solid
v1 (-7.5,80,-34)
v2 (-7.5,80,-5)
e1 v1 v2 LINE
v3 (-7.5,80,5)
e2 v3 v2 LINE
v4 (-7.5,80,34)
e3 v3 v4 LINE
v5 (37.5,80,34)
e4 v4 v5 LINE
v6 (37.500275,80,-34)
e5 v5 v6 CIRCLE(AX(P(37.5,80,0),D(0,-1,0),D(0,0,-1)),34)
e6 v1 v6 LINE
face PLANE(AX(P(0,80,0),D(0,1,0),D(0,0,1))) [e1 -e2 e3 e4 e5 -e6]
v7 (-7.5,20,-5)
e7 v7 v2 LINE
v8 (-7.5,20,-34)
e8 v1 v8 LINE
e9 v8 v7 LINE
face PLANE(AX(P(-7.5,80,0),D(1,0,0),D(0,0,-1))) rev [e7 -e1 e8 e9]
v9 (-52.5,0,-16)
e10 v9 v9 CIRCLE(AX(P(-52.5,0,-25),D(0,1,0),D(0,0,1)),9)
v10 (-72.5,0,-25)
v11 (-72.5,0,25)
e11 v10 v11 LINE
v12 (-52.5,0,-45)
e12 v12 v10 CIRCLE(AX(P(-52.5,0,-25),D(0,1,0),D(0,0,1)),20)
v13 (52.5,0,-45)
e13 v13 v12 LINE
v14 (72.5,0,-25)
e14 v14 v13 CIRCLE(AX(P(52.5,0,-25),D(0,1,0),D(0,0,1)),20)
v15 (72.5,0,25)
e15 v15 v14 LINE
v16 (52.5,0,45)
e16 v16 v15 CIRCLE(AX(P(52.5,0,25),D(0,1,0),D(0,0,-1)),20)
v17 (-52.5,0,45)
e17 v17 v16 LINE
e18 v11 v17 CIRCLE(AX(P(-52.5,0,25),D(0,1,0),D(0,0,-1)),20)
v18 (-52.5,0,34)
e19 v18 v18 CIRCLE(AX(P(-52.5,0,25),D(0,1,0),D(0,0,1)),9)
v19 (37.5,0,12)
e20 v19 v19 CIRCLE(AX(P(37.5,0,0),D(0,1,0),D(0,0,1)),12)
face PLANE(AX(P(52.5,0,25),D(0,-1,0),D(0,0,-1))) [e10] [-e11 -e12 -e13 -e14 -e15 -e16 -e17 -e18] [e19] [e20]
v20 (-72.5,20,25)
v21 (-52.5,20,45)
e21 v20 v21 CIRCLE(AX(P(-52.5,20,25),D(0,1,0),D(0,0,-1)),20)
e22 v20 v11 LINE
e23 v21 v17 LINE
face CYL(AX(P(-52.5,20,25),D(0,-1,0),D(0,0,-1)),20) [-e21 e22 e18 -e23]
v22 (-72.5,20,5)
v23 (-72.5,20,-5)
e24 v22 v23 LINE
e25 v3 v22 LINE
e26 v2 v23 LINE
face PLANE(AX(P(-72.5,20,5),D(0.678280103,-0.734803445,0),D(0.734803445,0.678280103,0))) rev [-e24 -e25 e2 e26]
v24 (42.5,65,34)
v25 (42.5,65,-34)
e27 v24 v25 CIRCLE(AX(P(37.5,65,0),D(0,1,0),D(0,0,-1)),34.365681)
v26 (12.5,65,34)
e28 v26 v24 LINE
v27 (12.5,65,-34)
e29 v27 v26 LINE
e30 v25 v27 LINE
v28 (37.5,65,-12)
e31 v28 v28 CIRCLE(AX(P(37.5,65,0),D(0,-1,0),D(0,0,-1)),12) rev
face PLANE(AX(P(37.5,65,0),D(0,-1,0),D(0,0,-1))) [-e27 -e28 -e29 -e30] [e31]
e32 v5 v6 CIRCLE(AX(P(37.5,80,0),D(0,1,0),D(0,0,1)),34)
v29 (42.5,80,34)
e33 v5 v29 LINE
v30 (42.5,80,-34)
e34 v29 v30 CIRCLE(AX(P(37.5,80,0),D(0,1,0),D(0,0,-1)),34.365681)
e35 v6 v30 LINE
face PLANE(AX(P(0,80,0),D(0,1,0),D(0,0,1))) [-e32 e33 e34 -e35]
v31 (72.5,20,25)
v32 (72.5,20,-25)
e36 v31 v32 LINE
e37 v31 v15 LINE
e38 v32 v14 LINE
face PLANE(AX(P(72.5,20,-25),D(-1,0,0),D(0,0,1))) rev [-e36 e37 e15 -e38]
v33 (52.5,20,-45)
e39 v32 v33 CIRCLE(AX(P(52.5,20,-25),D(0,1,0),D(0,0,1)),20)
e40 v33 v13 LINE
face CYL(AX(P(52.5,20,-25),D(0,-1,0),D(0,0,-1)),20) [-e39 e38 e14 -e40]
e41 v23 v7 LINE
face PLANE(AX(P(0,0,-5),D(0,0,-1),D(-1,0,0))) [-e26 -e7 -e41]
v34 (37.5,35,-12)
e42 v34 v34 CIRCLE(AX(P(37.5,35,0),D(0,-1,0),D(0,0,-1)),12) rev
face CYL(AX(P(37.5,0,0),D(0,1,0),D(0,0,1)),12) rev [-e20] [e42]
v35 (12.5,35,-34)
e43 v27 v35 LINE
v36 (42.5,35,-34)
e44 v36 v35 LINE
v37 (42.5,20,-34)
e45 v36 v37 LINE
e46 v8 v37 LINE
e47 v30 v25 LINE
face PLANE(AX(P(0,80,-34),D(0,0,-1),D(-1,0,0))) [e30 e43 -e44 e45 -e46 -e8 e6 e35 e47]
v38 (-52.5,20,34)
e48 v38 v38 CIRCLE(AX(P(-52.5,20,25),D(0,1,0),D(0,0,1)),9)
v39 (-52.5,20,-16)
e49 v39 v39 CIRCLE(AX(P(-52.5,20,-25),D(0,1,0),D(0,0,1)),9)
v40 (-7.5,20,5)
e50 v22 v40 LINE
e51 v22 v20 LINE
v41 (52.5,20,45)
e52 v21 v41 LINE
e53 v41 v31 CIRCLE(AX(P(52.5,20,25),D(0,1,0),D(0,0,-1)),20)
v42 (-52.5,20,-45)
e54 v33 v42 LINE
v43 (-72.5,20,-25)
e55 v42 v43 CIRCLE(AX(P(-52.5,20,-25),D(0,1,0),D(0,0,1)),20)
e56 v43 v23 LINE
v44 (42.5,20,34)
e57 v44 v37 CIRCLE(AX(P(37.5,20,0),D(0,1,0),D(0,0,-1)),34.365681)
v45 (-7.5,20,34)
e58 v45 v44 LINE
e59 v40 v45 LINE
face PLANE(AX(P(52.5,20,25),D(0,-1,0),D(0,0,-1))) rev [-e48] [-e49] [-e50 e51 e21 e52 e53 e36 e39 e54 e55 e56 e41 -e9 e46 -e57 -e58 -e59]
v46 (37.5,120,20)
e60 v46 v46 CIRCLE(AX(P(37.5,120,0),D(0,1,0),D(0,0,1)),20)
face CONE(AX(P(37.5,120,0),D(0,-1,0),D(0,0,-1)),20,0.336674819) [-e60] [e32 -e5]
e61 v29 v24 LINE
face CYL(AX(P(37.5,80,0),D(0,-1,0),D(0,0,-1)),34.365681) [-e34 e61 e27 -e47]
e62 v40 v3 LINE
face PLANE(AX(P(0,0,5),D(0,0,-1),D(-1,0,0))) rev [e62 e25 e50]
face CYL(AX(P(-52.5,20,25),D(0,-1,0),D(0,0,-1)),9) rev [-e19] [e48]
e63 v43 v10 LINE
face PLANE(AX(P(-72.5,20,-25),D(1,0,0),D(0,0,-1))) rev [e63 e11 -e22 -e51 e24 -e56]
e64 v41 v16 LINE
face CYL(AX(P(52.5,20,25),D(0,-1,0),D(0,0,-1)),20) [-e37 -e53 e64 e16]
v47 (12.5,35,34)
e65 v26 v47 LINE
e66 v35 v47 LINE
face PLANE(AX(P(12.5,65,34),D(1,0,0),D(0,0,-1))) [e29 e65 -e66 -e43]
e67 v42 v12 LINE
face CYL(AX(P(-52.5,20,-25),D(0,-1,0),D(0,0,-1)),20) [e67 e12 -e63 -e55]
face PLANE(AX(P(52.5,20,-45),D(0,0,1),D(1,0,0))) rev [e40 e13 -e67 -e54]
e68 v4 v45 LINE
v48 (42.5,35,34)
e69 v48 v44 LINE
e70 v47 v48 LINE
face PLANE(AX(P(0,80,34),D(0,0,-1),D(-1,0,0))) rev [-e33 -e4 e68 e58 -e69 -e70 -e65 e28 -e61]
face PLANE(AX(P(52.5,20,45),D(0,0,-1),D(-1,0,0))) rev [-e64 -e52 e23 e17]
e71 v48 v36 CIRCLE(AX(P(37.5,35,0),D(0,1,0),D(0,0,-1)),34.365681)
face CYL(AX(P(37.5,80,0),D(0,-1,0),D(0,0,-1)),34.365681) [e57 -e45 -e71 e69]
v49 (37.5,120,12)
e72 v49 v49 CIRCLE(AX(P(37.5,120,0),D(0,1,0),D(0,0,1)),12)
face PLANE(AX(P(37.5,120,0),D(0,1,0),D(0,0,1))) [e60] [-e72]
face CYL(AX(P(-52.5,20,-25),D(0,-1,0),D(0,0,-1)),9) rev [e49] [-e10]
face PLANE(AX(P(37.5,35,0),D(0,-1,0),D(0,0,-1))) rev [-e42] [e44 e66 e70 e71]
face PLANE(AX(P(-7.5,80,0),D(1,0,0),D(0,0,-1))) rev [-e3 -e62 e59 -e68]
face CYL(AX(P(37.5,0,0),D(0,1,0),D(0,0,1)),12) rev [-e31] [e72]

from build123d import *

# Parameters (mm, degrees)
SKETCH1_R           = 9
BOSS_EXTRUDE1_DEPTH = 20
BOSS_EXTRUDE5_DEPTH = 60
BOSS_EXTRUDE8_DEPTH = 60
SKETCH23_R          = 34
SKETCH24_R          = 20
SKETCH25_R          = 12
CUT_EXTRUDE12_DEPTH = 148.245543226
CUT_EXTRUDE13_START = 15
CUT_EXTRUDE13_DEPTH = 30
BOSS_EXTRUDE9_DEPTH = 5


with BuildPart() as part:
    # Sketch1 → Boss-Extrude1 (new body)
    with BuildSketch(Plane(origin=(0, 0, 0), x_dir=(1, 0, 0), z_dir=(0, 1, 0))):
        with BuildLine():
            Line((52.5, 45), (-52.5, 45))
            ThreePointArc((-52.5, 45), (-66.642135624, 39.142135624), (-72.5, 25))
            Line((-72.5, 25), (-72.5, -25))
            ThreePointArc((-72.5, -25), (-66.642135624, -39.142135624), (-52.5, -45))
            Line((-52.5, -45), (52.5, -45))
            ThreePointArc((52.5, -45), (66.642135624, -39.142135624), (72.5, -25))
            Line((72.5, -25), (72.5, 25))
            ThreePointArc((72.5, 25), (66.642135624, 39.142135624), (52.5, 45))
        make_face()
        with Locations((-52.5, 25)):
            Circle(SKETCH1_R, mode=Mode.SUBTRACT)
        with Locations((-52.5, -25)):
            Circle(SKETCH1_R, mode=Mode.SUBTRACT)
    extrude(amount=BOSS_EXTRUDE1_DEPTH)

    # Sketch2 → Boss-Extrude5 (add)
    with BuildSketch(Plane(origin=(0, 20, 0), x_dir=(1, 0, 0), z_dir=(0, 1, 0))):
        Polygon((12.5, 34), (-7.5, 34), (-7.5, 3.870420596), (-7.5, 0), (-7.5, -34), (12.5, -34), align=None)
    extrude(amount=BOSS_EXTRUDE5_DEPTH)

    # Sketch7 → Boss-Extrude8 (add)
    with BuildSketch(Plane(origin=(0, 20, 0), x_dir=(1, 0, 0), z_dir=(0, 1, 0))):
        with BuildLine():
            Line((12.5, -34), (42.5, -34))
            ThreePointArc((42.5, -34), (71.865680555, 0), (42.5, 34))
            Line((42.5, 34), (12.5, 34))
            Line((12.5, 34), (12.5, -34))
        make_face()
    extrude(amount=BOSS_EXTRUDE8_DEPTH)

    # Sketch23 → Loft1 section 0
    with BuildSketch(Plane(origin=(0, 80, 0), x_dir=(1, 0, 0), z_dir=(0, 1, 0))):
        with Locations((37.5, 0)):
            Circle(SKETCH23_R)
    # Sketch24 → Loft1 section 1
    with BuildSketch(Plane(origin=(0, 120, 0), x_dir=(1, 0, 0), z_dir=(0, 1, 0))):
        with Locations((37.5, 0)):
            Circle(SKETCH24_R)
    loft()

    # Sketch25 → Cut-Extrude12 (cut, through all)
    with BuildSketch(Plane(origin=(0, 120, 0), x_dir=(1, 0, 0), z_dir=(0, 1, 0))):
        with Locations((37.5, 0)):
            Circle(SKETCH25_R)
    extrude(amount=-CUT_EXTRUDE12_DEPTH, mode=Mode.SUBTRACT)

    # Sketch7<2> → Cut-Extrude13 (cut)
    with BuildSketch(Plane(origin=(0, 20, 0), x_dir=(1, 0, 0), z_dir=(0, 1, 0)).offset(CUT_EXTRUDE13_START)):
        with BuildLine():
            Line((12.5, -34), (42.5, -34))
            ThreePointArc((42.5, -34), (71.865680555, 0), (42.5, 34))
            Line((42.5, 34), (12.5, 34))
            Line((12.5, 34), (12.5, -34))
        make_face()
    extrude(amount=CUT_EXTRUDE13_DEPTH, mode=Mode.SUBTRACT)

    # Sketch27 → Boss-Extrude9 (add, symmetric)
    with BuildSketch(Plane.XY):
        Polygon((-7.5, 80), (-7.5, 20), (-72.5, 20), align=None)
    extrude(amount=BOSS_EXTRUDE9_DEPTH, both=True)


solid = part.part
